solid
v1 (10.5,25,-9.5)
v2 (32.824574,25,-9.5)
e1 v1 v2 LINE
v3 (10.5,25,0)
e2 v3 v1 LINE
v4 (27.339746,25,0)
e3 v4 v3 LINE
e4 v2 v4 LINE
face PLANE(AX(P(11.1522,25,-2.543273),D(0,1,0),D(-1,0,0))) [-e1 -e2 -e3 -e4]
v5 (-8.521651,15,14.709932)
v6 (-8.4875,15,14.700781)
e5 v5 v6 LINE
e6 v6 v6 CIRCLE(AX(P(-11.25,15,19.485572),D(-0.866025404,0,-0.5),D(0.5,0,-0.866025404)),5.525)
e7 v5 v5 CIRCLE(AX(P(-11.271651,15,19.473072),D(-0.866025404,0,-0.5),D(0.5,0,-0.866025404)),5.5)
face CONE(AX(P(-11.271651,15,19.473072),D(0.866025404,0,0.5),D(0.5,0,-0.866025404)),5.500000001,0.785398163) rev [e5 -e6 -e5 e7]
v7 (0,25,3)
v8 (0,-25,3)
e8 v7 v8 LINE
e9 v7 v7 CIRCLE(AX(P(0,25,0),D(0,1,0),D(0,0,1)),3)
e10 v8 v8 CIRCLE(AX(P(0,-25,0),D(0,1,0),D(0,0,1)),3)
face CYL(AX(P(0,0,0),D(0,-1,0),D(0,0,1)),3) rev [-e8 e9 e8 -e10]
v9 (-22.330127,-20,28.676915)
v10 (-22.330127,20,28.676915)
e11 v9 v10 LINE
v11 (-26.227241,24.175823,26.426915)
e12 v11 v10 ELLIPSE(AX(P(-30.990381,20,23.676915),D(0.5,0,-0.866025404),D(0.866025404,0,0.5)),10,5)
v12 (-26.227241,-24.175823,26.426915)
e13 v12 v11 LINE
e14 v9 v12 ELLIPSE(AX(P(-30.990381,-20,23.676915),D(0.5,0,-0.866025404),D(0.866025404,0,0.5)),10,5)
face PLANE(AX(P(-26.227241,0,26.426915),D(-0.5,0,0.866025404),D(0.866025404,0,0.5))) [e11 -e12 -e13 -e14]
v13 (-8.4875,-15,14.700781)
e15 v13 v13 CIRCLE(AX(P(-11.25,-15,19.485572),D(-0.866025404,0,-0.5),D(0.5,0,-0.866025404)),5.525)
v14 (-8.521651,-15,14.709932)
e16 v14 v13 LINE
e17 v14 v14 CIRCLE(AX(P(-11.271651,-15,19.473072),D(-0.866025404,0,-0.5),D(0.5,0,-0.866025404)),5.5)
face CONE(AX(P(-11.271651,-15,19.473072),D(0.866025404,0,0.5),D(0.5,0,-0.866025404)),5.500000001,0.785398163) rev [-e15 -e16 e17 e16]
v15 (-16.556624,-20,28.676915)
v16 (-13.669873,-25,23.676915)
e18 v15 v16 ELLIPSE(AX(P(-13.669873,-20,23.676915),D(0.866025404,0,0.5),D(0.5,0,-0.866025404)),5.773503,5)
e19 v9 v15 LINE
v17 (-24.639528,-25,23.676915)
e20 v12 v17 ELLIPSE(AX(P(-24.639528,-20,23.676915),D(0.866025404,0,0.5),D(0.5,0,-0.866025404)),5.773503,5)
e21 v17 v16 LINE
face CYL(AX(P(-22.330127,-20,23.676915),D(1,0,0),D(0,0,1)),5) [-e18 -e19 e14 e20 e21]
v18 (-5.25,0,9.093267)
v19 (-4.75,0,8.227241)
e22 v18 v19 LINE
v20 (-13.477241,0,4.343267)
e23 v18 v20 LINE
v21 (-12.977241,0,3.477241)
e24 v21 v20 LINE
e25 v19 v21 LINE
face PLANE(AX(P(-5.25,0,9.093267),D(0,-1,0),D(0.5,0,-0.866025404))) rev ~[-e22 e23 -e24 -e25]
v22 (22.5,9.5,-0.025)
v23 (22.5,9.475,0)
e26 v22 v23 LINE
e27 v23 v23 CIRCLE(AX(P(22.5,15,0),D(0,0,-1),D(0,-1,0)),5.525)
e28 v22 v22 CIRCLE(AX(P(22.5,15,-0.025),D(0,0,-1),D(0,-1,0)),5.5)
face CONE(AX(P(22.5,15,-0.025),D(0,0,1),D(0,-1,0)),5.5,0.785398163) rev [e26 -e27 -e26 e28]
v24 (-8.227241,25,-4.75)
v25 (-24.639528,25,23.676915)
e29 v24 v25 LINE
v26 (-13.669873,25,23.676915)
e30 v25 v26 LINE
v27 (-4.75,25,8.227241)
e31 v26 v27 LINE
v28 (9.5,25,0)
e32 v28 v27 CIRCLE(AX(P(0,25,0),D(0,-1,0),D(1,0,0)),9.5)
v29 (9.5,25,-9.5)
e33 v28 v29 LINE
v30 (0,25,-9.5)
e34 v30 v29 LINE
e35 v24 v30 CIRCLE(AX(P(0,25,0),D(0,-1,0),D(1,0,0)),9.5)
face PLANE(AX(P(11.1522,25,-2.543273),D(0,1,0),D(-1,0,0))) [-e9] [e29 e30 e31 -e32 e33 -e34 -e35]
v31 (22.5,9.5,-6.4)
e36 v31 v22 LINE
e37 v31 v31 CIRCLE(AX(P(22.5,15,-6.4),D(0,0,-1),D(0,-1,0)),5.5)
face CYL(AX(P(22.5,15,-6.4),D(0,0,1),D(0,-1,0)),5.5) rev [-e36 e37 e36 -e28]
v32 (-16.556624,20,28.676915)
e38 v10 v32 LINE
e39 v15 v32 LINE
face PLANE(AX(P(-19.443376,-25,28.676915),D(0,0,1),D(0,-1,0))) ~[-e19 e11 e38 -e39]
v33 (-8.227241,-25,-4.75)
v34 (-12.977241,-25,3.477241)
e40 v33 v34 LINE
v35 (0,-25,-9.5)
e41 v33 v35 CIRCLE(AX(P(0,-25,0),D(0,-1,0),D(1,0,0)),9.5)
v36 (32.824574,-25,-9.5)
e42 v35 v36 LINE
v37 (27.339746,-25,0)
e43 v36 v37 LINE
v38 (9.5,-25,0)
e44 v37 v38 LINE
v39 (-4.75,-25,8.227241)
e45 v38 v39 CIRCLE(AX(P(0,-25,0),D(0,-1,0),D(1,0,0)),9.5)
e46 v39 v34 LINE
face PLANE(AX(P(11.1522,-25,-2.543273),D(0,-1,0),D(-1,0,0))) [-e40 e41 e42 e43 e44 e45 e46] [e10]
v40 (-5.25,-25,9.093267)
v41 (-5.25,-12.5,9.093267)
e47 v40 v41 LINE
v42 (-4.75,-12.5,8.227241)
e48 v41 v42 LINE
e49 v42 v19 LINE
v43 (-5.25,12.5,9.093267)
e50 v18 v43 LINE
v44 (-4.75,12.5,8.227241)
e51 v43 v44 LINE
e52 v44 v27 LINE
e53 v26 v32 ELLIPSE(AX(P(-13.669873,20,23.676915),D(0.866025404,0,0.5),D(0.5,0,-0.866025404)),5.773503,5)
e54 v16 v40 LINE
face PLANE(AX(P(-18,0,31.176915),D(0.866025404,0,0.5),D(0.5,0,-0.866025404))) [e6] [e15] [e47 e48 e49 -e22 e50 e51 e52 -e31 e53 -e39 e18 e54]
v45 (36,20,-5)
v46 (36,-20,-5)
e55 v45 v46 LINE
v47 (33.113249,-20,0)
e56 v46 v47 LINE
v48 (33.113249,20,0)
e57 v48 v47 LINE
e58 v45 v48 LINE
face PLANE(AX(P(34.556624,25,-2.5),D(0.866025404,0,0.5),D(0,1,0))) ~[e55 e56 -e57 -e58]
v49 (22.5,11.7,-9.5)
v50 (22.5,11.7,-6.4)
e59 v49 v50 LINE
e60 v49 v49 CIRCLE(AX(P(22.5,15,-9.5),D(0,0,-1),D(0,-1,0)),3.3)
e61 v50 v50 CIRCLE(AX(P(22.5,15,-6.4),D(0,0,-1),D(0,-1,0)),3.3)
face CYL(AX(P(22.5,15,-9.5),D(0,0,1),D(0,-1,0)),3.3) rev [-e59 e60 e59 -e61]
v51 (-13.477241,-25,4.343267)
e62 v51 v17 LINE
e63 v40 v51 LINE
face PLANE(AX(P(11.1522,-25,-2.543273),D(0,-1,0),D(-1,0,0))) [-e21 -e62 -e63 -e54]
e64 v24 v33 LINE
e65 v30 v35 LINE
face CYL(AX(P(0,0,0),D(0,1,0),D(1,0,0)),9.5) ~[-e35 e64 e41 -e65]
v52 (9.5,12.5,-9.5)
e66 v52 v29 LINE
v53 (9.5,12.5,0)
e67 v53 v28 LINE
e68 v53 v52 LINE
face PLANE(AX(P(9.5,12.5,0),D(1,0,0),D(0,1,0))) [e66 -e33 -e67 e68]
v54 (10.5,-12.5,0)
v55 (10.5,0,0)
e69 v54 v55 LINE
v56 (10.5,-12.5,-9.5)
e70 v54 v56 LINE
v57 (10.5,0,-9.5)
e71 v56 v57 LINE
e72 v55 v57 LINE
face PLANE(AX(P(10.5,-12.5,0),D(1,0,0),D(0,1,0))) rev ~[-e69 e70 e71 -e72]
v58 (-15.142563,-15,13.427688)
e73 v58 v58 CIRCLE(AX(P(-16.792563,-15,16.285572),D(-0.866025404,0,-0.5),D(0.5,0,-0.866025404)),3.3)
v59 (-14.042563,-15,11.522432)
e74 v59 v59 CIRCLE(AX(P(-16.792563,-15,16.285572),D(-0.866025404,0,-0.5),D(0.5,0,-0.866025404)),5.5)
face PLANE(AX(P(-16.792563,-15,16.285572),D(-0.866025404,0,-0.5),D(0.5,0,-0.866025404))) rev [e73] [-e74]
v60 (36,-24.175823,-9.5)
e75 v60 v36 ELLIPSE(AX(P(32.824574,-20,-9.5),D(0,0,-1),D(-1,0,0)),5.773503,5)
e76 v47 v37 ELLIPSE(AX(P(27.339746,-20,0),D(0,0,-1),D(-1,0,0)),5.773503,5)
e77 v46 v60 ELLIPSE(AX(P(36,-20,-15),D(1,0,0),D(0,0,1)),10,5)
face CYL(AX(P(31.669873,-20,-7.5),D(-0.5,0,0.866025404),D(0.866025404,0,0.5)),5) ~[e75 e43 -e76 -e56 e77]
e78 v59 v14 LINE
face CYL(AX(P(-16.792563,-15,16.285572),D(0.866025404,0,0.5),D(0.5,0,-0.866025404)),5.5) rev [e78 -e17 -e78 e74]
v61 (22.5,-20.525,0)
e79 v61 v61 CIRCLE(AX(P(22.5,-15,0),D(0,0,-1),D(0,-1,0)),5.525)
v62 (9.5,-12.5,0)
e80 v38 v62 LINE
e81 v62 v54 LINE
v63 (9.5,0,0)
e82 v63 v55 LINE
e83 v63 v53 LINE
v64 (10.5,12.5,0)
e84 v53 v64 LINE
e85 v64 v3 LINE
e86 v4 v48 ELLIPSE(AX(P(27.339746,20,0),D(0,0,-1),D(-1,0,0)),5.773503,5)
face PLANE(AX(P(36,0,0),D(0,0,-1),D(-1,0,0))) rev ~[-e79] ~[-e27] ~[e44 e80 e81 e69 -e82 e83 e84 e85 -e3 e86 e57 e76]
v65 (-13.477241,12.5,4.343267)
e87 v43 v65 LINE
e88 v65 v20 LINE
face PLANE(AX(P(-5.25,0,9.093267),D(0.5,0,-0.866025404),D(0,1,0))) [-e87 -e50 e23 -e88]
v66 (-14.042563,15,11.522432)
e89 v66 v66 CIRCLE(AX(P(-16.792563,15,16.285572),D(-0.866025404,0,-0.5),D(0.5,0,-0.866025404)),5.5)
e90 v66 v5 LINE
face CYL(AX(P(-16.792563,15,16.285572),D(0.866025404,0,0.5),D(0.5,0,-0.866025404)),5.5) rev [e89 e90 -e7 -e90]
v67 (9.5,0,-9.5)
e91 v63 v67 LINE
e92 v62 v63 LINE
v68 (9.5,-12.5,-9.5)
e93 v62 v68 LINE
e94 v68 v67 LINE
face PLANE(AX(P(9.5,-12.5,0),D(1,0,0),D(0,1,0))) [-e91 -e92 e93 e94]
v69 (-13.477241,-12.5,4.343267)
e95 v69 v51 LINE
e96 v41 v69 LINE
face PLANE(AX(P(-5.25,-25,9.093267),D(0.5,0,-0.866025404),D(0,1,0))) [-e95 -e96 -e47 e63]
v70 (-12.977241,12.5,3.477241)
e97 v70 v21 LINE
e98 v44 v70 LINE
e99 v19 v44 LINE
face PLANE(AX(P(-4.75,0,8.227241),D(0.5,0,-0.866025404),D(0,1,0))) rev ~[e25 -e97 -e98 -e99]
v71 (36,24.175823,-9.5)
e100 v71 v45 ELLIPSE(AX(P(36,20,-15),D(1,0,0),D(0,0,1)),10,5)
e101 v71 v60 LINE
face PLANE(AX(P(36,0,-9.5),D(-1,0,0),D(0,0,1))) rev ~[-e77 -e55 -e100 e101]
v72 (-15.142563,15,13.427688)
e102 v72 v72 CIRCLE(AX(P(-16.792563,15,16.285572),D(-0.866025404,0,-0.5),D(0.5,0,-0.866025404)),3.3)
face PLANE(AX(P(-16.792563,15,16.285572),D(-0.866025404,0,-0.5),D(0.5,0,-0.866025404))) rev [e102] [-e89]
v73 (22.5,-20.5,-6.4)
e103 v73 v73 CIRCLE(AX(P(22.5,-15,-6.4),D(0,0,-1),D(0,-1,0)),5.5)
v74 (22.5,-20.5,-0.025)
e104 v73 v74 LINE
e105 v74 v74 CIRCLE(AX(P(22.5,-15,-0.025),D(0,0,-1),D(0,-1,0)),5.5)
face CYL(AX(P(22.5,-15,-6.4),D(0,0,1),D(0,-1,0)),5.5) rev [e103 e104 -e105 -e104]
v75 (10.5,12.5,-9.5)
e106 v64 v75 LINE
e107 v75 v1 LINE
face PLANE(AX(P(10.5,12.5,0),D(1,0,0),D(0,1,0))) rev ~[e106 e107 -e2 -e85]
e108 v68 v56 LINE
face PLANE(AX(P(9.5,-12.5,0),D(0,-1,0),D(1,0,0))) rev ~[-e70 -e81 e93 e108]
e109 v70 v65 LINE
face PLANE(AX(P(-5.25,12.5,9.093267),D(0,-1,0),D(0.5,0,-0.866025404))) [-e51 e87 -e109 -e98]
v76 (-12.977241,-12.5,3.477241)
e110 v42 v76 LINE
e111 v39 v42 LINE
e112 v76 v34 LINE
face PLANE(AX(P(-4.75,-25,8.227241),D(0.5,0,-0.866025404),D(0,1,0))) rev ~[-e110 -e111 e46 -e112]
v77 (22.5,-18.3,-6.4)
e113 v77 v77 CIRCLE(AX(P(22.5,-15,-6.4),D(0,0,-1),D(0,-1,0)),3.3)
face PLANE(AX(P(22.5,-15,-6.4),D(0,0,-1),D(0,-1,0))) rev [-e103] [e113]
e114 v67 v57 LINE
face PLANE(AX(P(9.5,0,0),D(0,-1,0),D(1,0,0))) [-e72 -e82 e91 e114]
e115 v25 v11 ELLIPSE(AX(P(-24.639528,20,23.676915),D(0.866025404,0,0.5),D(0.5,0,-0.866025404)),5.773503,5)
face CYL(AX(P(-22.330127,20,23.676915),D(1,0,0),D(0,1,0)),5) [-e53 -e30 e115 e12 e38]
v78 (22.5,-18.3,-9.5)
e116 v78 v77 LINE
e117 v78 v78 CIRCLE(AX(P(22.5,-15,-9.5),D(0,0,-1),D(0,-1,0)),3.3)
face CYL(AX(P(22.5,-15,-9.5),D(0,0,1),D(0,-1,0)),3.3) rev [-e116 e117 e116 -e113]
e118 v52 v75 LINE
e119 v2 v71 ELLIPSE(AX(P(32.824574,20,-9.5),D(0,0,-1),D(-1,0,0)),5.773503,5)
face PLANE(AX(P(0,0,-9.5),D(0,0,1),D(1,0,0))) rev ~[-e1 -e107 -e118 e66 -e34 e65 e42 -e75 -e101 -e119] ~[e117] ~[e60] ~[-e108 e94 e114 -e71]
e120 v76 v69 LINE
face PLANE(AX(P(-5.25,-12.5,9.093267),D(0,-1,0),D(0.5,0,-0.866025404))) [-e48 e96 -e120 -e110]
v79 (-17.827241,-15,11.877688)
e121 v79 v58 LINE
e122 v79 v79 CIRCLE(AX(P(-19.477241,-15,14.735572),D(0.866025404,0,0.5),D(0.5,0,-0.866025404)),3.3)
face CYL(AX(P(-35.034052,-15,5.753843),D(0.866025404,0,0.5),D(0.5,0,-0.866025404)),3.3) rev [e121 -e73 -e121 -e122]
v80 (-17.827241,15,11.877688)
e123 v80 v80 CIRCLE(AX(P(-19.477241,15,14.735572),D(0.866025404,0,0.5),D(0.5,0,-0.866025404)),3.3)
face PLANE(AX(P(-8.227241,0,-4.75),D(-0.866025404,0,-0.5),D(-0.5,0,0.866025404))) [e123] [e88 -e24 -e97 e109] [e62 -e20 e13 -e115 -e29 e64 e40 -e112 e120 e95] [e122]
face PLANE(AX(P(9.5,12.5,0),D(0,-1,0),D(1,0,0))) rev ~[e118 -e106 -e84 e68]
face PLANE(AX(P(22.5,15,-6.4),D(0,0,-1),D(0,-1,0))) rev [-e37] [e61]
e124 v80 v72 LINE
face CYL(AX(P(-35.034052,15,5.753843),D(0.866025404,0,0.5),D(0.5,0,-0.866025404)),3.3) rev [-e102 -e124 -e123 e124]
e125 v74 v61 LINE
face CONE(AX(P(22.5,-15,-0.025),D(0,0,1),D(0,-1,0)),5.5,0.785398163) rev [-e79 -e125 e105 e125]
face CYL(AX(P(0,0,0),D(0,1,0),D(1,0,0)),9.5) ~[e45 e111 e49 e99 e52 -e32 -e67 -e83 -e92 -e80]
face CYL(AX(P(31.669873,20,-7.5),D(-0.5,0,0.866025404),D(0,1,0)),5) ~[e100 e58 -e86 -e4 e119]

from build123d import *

# Parameters (mm, degrees)
SKETCH_9_R                  = 3
EXTRUDE_4_DEPTH             = 25
EXTRUDE_4_DEPTH_BACK        = 25
EXTRUDE_5_REACH             = 27
SKETCH_10_R                 = 3
EXTRUDE_5_DIRECTION_2_REACH = 27
HOLE_WIZARD_M61_AT_2_COUNT  = 2
HOLE_WIZARD_M61_AT_2_PITCH  = 30
HOLE_WIZARD_M62_AT_2_COUNT  = 2
HOLE_WIZARD_M62_AT_2_PITCH  = 30
CHAMFER_1_SIZE              = 5
CHAMFER_1_SIZE2             = 2.886751346
CHAMFER_1_PART_2_SIZE       = 5
CHAMFER_1_PART_2_SIZE2      = 2.886751346
SKETCH_15_W                 = 1
SKETCH_15_H                 = 12.5
CUT_EXTRUDE_1_DEPTH         = 10.5
SKETCH_16_W                 = 1
SKETCH_16_H                 = 12.5
CUT_EXTRUDE_2_DEPTH         = 28.463457268
FILLET_2_R                  = 5


with BuildPart() as part:
    # Sketch 9 → Extrude 4 (new body, two sides)
    with BuildSketch(Plane(origin=(0, 0, 0), x_dir=(1, 0, 0), z_dir=(0, 1, 0))) as extrude_4_sk:
        with BuildLine():
            Line((0, 9.5), (36, 9.5))
            Line((36, 9.5), (36, 0))
            Line((36, 0), (9.5, 0))
            ThreePointArc((9.5, 0), (-6.717514421, -6.717514421), (0, 9.5))
        make_face()
        with Locations(Location((0, 0, 0), (0, 0, 270))):  # turned: the seam where the file's is
            Circle(SKETCH_9_R, mode=Mode.SUBTRACT)
    extrude(amount=EXTRUDE_4_DEPTH)
    extrude(extrude_4_sk.sketch, amount=-EXTRUDE_4_DEPTH_BACK)

    # Extrude 5: up to this face of the body (flat: up to its plane)
    extrude_5_end = Plane(part.part.faces().sort_by_distance((11.152200141, 25, -2.543273154))[0])
    # Sketch 10 → Extrude 5 (add, up to the picked face)
    with BuildSketch(Plane(origin=(0, 0, 0), x_dir=(1, 0, 0), z_dir=(0, 1, 0)), mode=Mode.PRIVATE) as extrude_5_sk1:
        with BuildLine():
            Line((-8.227241336, 4.75), (-26.227241336, -26.426914536))
            Line((-26.227241336, -26.426914536), (-18, -31.176914536))
            Line((-18, -31.176914536), (-4.75, -8.227241336))
            ThreePointArc((-4.75, -8.227241336), (9.17629535, 2.458780928), (-8.227241336, 4.75))
        make_face()
        with Locations(Location((0, 0, 0), (0, 0, 270))):  # turned: the seam where the file's is
            Circle(SKETCH_10_R, mode=Mode.SUBTRACT)
    extrude_5_tool1 = split(extrude(extrude_5_sk1.sketch, amount=EXTRUDE_5_REACH, mode=Mode.PRIVATE), bisect_by=extrude_5_end, keep=Keep.BOTH, mode=Mode.PRIVATE)
    add(extrude_5_tool1.solids().sort_by(Axis((-7.778639, 0, 8.386452), (0, 1, 0)))[0])

    # Extrude 5 direction 2: up to this face of the body (flat: up to its plane)
    extrude_5_direction_2_end = Plane(part.part.faces().sort_by_distance((11.152200141, -25, -2.543273154))[0])
    # Sketch 10 → Extrude 5 direction 2 (add, up to the picked face)
    with BuildSketch(Plane(origin=(0, 0, 0), x_dir=(1, 0, 0), z_dir=(0, 1, 0)), mode=Mode.PRIVATE) as extrude_5_direction_2_sk1:
        with BuildLine():
            Line((-8.227241336, 4.75), (-26.227241336, -26.426914536))
            Line((-26.227241336, -26.426914536), (-18, -31.176914536))
            Line((-18, -31.176914536), (-4.75, -8.227241336))
            ThreePointArc((-4.75, -8.227241336), (9.17629535, 2.458780928), (-8.227241336, 4.75))
        make_face()
        with Locations(Location((0, 0, 0), (0, 0, 270))):  # turned: the seam where the file's is
            Circle(SKETCH_10_R, mode=Mode.SUBTRACT)
    extrude_5_direction_2_tool1 = split(extrude(extrude_5_direction_2_sk1.sketch, amount=-EXTRUDE_5_DIRECTION_2_REACH, mode=Mode.PRIVATE), bisect_by=extrude_5_direction_2_end, keep=Keep.BOTH, mode=Mode.PRIVATE)
    add(extrude_5_direction_2_tool1.solids().sort_by(Axis((-7.778639, 0, 8.386452), (0, -1, 0)))[0])

    # Sketch 12 → Hole Wizard M61 (revolve, cut)
    with BuildSketch(Plane(origin=(22.5, 15, 0), x_dir=(0, -1, 0), z_dir=(1, 0, 0))):
        Polygon((0, 0), (0, 9.5), (3.3, 9.5), (3.3, 6.4), (5.5, 6.4), (5.5, 0.025), (5.525, 0), align=None)
    hole_wizard_m61 = revolve(axis=Axis((22.5, 15, 6.35), (0, 0, -1)), mode=Mode.SUBTRACT)

    # Hole Wizard M61 at 2: Hole Wizard M61 ×2
    with Locations(*[(0, -i * HOLE_WIZARD_M61_AT_2_PITCH, 0) for i in range(1, HOLE_WIZARD_M61_AT_2_COUNT)]):
        add(hole_wizard_m61, mode=Mode.SUBTRACT)

    # Sketch 14 → Hole Wizard M62 (revolve, cut)
    with BuildSketch(Plane(origin=(-11.25, 15, 19.485571585), x_dir=(0.5, 0, -0.866025404), z_dir=(0, 1, 0))):
        Polygon((0, 0), (0, 27.463457268), (3.3, 27.463457268), (3.3, 6.4), (5.5, 6.4), (5.5, 0.025), (5.525, 0), align=None)
    hole_wizard_m62 = revolve(axis=Axis((-5.750738686, 15, 22.660571585), (-0.866025404, 0, -0.5)), mode=Mode.SUBTRACT)

    # Hole Wizard M62 at 2: Hole Wizard M62 ×2
    with Locations(*[(0, -i * HOLE_WIZARD_M62_AT_2_PITCH, 0) for i in range(1, HOLE_WIZARD_M62_AT_2_COUNT)]):
        add(hole_wizard_m62, mode=Mode.SUBTRACT)

    # Chamfer 1
    chamfer_1_edges = [part.edges().sort_by_distance(p)[0] for p in [
        (-18, 0, 31.176914536),
    ]]
    chamfer_1_side = [part.faces().sort_by_distance(p)[0] for p in [
        (-22.113620668, 0, 28.801914536),
    ]]
    chamfer(chamfer_1_edges, length=CHAMFER_1_SIZE, length2=CHAMFER_1_SIZE2, reference=chamfer_1_side[0])

    # Chamfer 1 part 2
    chamfer_1_part_2_edges = [part.edges().sort_by_distance(p)[0] for p in [
        (36, 0, 0),
    ]]
    chamfer_1_part_2_side = [part.faces().sort_by_distance(p)[0] for p in [
        (36, 0, -4.75),
    ]]
    chamfer(chamfer_1_part_2_edges, length=CHAMFER_1_PART_2_SIZE, length2=CHAMFER_1_PART_2_SIZE2, reference=chamfer_1_part_2_side[0])

    # Sketch 15 → Cut-Extrude 1 (cut, through all)
    with BuildSketch(Plane.XY):
        with Locations((10, 18.75)):
            Rectangle(SKETCH_15_W, SKETCH_15_H)
        with Locations((10, -6.25)):
            Rectangle(SKETCH_15_W, SKETCH_15_H)
    extrude(amount=-CUT_EXTRUDE_1_DEPTH, mode=Mode.SUBTRACT)

    # Sketch 16 → Cut-Extrude 2 (cut, through all)
    with BuildSketch(Plane(origin=(0, 0, 0), x_dir=(0.5, 0, -0.866025404), z_dir=(0.866025404, 0, 0.5))):
        with Locations((-10, -18.75)):
            Rectangle(SKETCH_16_W, SKETCH_16_H)
        with Locations((-10, 6.25)):
            Rectangle(SKETCH_16_W, SKETCH_16_H)
    extrude(amount=-CUT_EXTRUDE_2_DEPTH, mode=Mode.SUBTRACT)

    # Fillet 2
    fillet_2_edges = [part.edges().sort_by_distance(p)[0] for p in [
        (34.556624327, 25, -2.5),
        (34.556624327, -25, -2.5),
        (-19.443375673, 25, 28.676914536),
        (-19.443375673, -25, 28.676914536),
    ]]
    fillet(fillet_2_edges, radius=FILLET_2_R)


solid = part.part
